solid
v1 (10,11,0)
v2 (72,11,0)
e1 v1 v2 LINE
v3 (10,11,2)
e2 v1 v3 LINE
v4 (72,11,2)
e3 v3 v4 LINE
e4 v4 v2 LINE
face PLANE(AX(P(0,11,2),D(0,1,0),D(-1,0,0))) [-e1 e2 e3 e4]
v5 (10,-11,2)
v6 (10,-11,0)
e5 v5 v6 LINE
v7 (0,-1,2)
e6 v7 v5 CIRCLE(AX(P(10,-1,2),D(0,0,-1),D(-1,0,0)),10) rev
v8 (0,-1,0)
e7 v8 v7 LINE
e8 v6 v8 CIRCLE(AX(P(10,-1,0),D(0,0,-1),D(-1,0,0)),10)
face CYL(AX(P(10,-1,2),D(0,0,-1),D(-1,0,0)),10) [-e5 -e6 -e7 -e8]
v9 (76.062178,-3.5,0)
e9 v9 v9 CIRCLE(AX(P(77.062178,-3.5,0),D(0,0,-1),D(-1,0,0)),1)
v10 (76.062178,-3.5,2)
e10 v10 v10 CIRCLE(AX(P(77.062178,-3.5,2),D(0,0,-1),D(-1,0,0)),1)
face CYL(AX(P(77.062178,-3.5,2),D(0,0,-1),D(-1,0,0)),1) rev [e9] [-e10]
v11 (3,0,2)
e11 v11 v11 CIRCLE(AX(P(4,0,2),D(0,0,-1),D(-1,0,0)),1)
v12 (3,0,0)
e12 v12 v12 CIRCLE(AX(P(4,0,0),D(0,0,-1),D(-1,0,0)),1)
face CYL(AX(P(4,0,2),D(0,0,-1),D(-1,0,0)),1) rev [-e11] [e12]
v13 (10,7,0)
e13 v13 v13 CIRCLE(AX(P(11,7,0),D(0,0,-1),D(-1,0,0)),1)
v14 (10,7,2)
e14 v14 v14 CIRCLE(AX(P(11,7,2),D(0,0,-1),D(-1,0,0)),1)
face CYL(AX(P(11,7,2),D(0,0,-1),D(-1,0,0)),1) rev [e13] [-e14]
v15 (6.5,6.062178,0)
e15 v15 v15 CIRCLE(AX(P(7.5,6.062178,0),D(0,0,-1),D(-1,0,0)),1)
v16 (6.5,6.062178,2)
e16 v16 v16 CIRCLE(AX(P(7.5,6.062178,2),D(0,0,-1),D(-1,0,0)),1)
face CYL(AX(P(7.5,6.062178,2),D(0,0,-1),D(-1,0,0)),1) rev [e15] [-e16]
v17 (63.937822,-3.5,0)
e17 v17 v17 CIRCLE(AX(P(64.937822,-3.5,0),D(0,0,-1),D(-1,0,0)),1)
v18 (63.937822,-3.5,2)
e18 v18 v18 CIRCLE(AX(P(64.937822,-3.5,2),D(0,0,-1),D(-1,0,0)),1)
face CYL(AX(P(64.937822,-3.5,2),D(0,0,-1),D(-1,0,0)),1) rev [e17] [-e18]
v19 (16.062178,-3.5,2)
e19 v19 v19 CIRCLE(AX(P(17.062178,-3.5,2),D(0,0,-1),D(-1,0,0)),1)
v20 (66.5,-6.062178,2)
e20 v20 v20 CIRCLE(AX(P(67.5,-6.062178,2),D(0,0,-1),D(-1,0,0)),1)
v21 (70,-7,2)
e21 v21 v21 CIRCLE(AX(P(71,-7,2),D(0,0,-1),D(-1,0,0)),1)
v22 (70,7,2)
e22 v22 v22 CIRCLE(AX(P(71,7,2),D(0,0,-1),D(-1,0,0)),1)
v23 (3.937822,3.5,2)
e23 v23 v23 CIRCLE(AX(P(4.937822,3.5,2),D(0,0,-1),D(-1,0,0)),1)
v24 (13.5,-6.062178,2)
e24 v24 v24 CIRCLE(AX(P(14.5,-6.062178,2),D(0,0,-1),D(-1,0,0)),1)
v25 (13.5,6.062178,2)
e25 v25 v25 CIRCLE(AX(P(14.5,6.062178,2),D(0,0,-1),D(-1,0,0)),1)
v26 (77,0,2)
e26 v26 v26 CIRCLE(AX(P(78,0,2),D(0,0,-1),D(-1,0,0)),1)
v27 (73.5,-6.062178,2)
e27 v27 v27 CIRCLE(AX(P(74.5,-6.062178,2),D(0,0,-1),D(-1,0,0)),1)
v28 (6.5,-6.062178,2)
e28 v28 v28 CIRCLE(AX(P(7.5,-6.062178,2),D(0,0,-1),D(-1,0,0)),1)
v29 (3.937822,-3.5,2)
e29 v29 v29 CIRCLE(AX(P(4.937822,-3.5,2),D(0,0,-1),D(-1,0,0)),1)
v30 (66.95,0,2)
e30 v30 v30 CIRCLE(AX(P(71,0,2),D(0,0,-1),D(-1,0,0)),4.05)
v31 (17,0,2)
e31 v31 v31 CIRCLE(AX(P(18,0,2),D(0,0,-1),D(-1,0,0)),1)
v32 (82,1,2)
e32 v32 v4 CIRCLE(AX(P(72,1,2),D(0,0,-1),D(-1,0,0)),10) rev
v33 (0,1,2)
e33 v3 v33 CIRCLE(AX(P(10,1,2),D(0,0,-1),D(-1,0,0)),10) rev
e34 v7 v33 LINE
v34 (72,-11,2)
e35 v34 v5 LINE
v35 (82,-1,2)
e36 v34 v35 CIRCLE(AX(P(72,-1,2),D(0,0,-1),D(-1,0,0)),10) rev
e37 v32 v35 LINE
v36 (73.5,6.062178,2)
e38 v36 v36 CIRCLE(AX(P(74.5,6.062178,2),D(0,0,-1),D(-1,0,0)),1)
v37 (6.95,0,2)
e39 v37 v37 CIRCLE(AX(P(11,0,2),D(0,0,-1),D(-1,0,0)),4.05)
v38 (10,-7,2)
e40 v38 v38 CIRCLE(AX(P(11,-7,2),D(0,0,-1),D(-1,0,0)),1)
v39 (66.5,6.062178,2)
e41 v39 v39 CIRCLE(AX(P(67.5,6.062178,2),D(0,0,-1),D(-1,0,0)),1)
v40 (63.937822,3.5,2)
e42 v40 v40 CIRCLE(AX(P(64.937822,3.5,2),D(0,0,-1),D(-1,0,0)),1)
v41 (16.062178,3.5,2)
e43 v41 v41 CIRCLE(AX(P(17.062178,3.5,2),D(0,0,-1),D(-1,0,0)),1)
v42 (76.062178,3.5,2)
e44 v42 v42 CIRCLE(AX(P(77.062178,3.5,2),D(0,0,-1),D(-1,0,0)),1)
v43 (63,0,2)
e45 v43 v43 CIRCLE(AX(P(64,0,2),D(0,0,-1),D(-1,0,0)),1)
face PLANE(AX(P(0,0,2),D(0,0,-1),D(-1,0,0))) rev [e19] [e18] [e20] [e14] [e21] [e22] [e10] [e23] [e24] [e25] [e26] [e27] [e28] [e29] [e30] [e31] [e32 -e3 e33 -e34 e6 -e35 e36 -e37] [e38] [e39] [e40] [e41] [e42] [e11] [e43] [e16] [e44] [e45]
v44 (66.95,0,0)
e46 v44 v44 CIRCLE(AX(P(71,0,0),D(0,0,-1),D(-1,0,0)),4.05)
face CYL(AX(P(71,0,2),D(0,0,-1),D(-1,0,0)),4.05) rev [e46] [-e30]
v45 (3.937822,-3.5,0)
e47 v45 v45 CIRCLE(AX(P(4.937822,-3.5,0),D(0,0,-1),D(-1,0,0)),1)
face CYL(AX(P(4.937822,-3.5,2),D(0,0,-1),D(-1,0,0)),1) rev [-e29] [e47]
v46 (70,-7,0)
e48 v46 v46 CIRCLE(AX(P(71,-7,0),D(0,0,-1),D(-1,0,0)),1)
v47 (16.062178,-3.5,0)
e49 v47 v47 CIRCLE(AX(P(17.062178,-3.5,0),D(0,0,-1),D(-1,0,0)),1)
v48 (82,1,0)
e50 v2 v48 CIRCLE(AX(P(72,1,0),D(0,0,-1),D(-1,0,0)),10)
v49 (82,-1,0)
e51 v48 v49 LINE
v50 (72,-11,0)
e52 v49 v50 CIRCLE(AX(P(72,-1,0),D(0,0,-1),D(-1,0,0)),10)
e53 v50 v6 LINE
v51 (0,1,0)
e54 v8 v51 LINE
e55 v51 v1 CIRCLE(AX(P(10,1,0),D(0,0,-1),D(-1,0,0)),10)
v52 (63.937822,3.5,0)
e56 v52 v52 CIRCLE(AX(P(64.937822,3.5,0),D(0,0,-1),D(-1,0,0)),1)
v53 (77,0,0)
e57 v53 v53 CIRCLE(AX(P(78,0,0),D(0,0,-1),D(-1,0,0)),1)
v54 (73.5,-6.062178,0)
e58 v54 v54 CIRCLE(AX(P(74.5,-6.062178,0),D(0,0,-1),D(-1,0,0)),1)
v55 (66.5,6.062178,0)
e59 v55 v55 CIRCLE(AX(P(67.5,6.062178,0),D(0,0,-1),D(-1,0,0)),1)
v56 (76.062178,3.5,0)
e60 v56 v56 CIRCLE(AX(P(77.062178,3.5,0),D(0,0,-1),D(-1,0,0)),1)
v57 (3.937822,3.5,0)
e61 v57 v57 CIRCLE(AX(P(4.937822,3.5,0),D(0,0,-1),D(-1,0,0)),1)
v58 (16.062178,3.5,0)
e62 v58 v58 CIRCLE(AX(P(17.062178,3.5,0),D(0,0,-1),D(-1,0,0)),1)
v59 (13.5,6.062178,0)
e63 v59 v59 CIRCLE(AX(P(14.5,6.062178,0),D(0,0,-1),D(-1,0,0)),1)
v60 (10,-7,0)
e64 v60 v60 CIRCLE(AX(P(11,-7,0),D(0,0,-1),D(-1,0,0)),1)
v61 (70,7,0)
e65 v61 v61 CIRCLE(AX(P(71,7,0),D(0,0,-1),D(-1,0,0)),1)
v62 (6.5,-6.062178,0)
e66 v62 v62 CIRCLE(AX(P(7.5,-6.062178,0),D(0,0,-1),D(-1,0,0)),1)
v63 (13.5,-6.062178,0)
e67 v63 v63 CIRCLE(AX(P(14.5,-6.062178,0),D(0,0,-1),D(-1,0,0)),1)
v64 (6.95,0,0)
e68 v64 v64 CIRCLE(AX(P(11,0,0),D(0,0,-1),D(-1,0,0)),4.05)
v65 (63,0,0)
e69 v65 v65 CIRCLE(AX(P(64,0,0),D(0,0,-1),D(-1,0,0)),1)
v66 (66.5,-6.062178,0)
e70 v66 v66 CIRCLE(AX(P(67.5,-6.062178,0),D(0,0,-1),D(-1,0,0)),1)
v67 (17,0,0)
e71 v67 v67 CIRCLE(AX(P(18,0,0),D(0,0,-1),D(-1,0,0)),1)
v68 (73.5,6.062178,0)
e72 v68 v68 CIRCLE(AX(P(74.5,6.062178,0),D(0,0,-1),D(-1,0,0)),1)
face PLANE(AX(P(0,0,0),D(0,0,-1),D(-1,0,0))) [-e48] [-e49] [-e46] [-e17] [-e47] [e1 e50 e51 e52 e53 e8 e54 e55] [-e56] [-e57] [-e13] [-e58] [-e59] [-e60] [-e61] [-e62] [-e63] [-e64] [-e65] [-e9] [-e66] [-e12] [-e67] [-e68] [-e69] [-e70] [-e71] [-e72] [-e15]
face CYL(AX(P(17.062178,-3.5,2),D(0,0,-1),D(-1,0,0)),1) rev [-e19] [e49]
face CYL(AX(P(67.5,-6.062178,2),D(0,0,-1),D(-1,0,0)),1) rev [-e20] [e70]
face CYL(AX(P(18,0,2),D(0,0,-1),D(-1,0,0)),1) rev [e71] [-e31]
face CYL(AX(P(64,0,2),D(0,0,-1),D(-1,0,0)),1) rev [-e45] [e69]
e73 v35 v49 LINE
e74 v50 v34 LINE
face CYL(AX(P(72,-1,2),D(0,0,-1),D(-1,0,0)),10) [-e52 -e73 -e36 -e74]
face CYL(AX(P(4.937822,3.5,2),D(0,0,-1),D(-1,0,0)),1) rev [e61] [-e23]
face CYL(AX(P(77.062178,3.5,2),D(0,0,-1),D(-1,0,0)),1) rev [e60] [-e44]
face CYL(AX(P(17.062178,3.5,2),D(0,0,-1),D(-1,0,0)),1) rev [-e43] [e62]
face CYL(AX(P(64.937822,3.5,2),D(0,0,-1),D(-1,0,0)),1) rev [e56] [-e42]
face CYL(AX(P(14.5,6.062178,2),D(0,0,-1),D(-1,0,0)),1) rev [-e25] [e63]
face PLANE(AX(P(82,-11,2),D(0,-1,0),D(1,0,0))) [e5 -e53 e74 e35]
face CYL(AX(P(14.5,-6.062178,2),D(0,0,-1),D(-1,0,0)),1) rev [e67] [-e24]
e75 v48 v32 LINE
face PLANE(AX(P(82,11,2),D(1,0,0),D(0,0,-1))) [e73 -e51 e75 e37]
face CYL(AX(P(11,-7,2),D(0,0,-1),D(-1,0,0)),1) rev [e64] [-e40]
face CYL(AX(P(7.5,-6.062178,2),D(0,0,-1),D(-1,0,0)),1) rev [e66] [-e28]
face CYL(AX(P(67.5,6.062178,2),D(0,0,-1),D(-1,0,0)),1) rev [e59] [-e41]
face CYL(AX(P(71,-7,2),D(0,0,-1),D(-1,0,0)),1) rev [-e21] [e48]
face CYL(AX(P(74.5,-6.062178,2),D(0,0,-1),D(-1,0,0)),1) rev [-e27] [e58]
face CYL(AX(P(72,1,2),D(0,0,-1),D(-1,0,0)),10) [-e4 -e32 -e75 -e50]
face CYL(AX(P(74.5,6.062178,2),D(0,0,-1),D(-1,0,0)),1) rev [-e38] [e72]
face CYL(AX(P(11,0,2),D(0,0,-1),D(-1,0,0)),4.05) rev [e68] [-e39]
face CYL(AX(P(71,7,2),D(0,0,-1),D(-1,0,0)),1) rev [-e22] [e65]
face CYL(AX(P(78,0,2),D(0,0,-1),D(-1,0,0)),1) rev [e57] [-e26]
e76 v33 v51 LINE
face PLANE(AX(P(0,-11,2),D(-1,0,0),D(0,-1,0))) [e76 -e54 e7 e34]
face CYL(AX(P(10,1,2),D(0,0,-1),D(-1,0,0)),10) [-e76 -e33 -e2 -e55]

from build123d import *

# Parameters (mm, degrees)
ESQUISSE2_W        = 82
ESQUISSE2_H        = 22
ESQUISSE2_R        = 4.05
ESQUISSE2_R_2      = 1
BOSS_EXTRU_1_DEPTH = 2
CONG_1_R           = 10


with BuildPart() as part:
    # Esquisse2 → Boss.-Extru.1 (new body)
    with BuildSketch(Plane(origin=(0, 0, 0), x_dir=(-1, 0, 0), z_dir=(0, 0, -1))):
        with Locations((-41, 0)):
            Rectangle(ESQUISSE2_W, ESQUISSE2_H)
        with Locations((-11, 0)):
            Circle(ESQUISSE2_R, mode=Mode.SUBTRACT)
        with Locations((-4, 0)):
            Circle(ESQUISSE2_R_2, mode=Mode.SUBTRACT)
        with Locations((-4.937822174, -3.5)):
            Circle(ESQUISSE2_R_2, mode=Mode.SUBTRACT)
        with Locations((-7.5, -6.062177826)):
            Circle(ESQUISSE2_R_2, mode=Mode.SUBTRACT)
        with Locations((-11, -7)):
            Circle(ESQUISSE2_R_2, mode=Mode.SUBTRACT)
        with Locations((-14.5, -6.062177826)):
            Circle(ESQUISSE2_R_2, mode=Mode.SUBTRACT)
        with Locations((-17.062177826, -3.5)):
            Circle(ESQUISSE2_R_2, mode=Mode.SUBTRACT)
        with Locations((-18, 0)):
            Circle(ESQUISSE2_R_2, mode=Mode.SUBTRACT)
        with Locations((-17.062177826, 3.5)):
            Circle(ESQUISSE2_R_2, mode=Mode.SUBTRACT)
        with Locations((-14.5, 6.062177826)):
            Circle(ESQUISSE2_R_2, mode=Mode.SUBTRACT)
        with Locations((-11, 7)):
            Circle(ESQUISSE2_R_2, mode=Mode.SUBTRACT)
        with Locations((-7.5, 6.062177826)):
            Circle(ESQUISSE2_R_2, mode=Mode.SUBTRACT)
        with Locations((-4.937822174, 3.5)):
            Circle(ESQUISSE2_R_2, mode=Mode.SUBTRACT)
        with Locations((-71, 0)):
            Circle(ESQUISSE2_R, mode=Mode.SUBTRACT)
        with Locations((-64, 0)):
            Circle(ESQUISSE2_R_2, mode=Mode.SUBTRACT)
        with Locations((-64.937822174, -3.5)):
            Circle(ESQUISSE2_R_2, mode=Mode.SUBTRACT)
        with Locations((-67.5, -6.062177826)):
            Circle(ESQUISSE2_R_2, mode=Mode.SUBTRACT)
        with Locations((-71, -7)):
            Circle(ESQUISSE2_R_2, mode=Mode.SUBTRACT)
        with Locations((-74.5, -6.062177826)):
            Circle(ESQUISSE2_R_2, mode=Mode.SUBTRACT)
        with Locations((-77.062177826, -3.5)):
            Circle(ESQUISSE2_R_2, mode=Mode.SUBTRACT)
        with Locations((-78, 0)):
            Circle(ESQUISSE2_R_2, mode=Mode.SUBTRACT)
        with Locations((-77.062177826, 3.5)):
            Circle(ESQUISSE2_R_2, mode=Mode.SUBTRACT)
        with Locations((-74.5, 6.062177826)):
            Circle(ESQUISSE2_R_2, mode=Mode.SUBTRACT)
        with Locations((-71, 7)):
            Circle(ESQUISSE2_R_2, mode=Mode.SUBTRACT)
        with Locations((-67.5, 6.062177826)):
            Circle(ESQUISSE2_R_2, mode=Mode.SUBTRACT)
        with Locations((-64.937822174, 3.5)):
            Circle(ESQUISSE2_R_2, mode=Mode.SUBTRACT)
    extrude(amount=-BOSS_EXTRU_1_DEPTH)

    # Congé1
    cong_1_edges = [part.edges().sort_by_distance(p)[0] for p in [
        (82, 11, 1),
        (0, 11, 1),
        (0, -11, 1),
        (82, -11, 1),
    ]]
    fillet(cong_1_edges, radius=CONG_1_R)


solid = part.part
